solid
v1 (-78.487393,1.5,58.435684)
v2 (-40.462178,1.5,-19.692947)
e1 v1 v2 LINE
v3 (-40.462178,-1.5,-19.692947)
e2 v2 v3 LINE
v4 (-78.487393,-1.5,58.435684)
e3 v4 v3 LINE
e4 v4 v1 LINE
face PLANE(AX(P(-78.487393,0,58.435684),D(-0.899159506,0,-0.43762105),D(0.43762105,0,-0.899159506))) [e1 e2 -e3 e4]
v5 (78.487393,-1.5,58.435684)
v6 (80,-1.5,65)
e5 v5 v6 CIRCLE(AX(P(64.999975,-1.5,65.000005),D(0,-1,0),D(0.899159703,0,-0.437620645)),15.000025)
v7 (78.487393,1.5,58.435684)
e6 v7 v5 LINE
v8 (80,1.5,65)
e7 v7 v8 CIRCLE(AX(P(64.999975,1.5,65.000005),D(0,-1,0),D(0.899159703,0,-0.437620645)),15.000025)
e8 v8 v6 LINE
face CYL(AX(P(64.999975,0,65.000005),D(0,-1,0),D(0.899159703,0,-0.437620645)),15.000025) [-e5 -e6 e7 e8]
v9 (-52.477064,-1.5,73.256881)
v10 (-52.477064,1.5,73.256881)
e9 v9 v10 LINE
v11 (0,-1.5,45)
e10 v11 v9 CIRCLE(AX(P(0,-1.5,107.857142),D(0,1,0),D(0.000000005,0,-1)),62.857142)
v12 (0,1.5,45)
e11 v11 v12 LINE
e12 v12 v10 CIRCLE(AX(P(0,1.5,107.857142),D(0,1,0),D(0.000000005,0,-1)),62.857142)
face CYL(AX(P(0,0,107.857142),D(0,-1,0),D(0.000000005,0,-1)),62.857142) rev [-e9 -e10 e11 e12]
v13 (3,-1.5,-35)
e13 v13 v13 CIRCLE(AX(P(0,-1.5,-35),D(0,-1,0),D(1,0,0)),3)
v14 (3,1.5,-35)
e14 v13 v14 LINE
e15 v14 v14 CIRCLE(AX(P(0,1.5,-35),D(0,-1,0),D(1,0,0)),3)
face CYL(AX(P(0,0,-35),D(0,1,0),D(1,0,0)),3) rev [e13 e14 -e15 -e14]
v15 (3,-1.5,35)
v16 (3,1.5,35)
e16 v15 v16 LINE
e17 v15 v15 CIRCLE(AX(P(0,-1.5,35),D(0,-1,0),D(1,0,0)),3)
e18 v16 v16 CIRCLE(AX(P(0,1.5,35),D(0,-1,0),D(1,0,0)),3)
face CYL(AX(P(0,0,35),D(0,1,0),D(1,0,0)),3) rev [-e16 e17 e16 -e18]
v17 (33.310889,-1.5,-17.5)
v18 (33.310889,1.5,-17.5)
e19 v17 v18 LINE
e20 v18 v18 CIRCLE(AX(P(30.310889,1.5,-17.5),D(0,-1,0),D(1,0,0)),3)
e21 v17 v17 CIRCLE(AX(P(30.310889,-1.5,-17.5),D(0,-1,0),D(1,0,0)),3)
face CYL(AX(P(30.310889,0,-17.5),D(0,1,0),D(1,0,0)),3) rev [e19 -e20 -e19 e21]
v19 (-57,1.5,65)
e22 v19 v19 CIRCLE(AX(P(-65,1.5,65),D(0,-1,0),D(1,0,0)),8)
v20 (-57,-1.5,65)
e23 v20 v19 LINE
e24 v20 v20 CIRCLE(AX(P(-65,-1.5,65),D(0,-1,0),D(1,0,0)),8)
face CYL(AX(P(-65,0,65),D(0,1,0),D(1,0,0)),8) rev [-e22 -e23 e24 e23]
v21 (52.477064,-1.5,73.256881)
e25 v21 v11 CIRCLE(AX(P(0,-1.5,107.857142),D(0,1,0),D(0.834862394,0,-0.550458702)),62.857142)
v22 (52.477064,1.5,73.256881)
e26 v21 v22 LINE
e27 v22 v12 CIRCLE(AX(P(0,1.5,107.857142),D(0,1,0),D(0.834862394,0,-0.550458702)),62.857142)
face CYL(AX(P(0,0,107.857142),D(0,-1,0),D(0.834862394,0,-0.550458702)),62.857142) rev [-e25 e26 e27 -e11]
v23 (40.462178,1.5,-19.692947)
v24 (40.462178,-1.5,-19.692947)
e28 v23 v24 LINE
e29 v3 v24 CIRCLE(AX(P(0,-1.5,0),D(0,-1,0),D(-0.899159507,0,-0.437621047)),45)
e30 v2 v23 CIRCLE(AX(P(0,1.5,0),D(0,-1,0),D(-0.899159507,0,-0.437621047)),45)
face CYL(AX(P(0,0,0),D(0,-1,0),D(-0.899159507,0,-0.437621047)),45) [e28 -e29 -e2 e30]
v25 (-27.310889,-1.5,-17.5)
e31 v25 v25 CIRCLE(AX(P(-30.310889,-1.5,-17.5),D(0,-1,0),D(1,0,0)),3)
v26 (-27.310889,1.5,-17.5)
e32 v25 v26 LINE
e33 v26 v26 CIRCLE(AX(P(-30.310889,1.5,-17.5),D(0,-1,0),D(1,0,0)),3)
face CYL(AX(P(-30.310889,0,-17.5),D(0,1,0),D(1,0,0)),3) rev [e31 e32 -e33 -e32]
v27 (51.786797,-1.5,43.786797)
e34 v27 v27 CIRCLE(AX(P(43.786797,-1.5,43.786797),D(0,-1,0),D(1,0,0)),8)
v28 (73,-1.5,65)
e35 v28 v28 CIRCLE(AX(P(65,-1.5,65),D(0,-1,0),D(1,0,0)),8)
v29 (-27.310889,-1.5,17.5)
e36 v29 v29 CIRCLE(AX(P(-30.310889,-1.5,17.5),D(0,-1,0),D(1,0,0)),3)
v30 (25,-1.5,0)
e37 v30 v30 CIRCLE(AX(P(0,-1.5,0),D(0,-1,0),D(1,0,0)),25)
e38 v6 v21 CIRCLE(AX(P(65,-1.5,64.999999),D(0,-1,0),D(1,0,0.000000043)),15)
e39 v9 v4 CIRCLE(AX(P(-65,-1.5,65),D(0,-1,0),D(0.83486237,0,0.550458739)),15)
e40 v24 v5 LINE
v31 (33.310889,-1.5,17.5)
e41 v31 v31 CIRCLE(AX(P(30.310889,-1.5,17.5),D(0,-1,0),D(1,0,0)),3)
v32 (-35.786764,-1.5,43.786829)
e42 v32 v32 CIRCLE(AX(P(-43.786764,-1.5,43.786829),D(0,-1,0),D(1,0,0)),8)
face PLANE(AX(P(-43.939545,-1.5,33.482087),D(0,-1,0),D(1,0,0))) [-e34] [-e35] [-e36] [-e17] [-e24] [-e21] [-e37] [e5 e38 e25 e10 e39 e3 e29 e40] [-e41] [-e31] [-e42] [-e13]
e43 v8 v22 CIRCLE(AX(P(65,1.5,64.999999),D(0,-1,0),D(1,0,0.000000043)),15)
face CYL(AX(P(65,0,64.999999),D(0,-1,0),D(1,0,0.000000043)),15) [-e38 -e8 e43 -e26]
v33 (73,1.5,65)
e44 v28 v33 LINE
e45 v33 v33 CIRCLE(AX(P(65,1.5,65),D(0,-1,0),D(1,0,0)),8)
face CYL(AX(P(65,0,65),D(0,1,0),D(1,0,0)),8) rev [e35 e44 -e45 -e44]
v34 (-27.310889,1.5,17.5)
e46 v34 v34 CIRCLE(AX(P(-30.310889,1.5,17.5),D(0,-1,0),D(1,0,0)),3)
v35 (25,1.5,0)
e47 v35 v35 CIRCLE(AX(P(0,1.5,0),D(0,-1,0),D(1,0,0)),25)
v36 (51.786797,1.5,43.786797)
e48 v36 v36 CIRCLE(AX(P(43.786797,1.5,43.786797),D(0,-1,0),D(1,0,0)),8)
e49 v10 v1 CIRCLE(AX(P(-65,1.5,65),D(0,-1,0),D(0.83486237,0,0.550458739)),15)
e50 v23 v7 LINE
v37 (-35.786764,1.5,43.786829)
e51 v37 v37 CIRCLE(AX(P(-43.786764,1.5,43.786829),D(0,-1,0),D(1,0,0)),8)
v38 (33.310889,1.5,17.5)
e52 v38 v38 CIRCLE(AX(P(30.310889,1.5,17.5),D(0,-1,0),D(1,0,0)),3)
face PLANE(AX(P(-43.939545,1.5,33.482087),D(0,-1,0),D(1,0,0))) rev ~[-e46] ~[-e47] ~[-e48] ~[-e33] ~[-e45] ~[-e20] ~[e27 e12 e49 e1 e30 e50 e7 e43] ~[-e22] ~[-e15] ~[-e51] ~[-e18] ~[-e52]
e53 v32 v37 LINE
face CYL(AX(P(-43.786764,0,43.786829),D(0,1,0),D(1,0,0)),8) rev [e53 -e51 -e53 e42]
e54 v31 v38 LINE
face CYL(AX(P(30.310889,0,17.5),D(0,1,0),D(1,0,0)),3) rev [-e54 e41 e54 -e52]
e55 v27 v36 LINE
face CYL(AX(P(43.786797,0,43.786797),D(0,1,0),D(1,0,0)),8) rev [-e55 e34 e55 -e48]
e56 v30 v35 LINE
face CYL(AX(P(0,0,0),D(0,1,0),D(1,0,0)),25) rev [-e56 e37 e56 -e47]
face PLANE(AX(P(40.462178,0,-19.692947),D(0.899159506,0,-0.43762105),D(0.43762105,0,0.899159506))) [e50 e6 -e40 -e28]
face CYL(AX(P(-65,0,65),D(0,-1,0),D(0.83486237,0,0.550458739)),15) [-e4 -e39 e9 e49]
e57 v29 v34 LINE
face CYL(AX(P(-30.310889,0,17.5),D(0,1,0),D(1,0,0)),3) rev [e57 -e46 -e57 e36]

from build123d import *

# Parameters (mm, degrees)
F0_R     = 8
F0_R_2   = 3
F0_R_3   = 25
F1_DEPTH = 1.5


with BuildPart() as f1:
    # F0 (on Front) → F1 (new body, symmetric)
    with BuildSketch(Plane.XZ):
        with BuildLine():
            ThreePointArc((-40.462178, -19.692947), (-38.152212, 23.862286), (0, 45))
            ThreePointArc((0, 45), (-29.80056, 52.513245), (-52.477064, 73.256881))
            ThreePointArc((-52.477064, 73.256881), (-50.632606, 69.310218), (-50, 65))
            ThreePointArc((-50, 65), (-61.631832, 50.383043), (-78.487393, 58.435684))
            Line((-78.487393, 58.435684), (-40.462178, -19.692947))
        make_face()
        with Locations((-43.786764, 43.786829)):
            Circle(F0_R, mode=Mode.SUBTRACT)
        with BuildLine():
            ThreePointArc((-50, 65), (-50.632606, 69.310218), (-52.477064, 73.256881))
            ThreePointArc((-52.477064, 73.256881), (-72.426272, 78.03267), (-78.487393, 58.435684))
            ThreePointArc((-78.487393, 58.435684), (-61.631832, 50.383043), (-50, 65))
        make_face()
        with Locations((-65, 65)):
            Circle(F0_R, mode=Mode.SUBTRACT)
        with BuildLine():
            ThreePointArc((40.462178, -19.692947), (43.850872, -10.104504), (45, 0))
            ThreePointArc((45, 0), (31.819805, 31.819805), (0, 45))
            ThreePointArc((0, 45), (-38.152212, 23.862286), (-40.462178, -19.692947))
            ThreePointArc((-40.462178, -19.692947), (0, -45), (40.462178, -19.692947))
        make_face()
        with Locations((-30.310889, -17.5)):
            Circle(F0_R_2, mode=Mode.SUBTRACT)
        with Locations((0, -35)):
            Circle(F0_R_2, mode=Mode.SUBTRACT)
        with Locations((30.310889, -17.5)):
            Circle(F0_R_2, mode=Mode.SUBTRACT)
        Circle(F0_R_3, mode=Mode.SUBTRACT)
        with Locations((-30.310889, 17.5)):
            Circle(F0_R_2, mode=Mode.SUBTRACT)
        with Locations((30.310889, 17.5)):
            Circle(F0_R_2, mode=Mode.SUBTRACT)
        with Locations((0, 35)):
            Circle(F0_R_2, mode=Mode.SUBTRACT)
        with BuildLine():
            ThreePointArc((0, 45), (31.819805, 31.819805), (45, 0))
            ThreePointArc((45, 0), (43.850872, -10.104504), (40.462178, -19.692947))
            Line((40.462178, -19.692947), (78.487393, 58.435684))
            ThreePointArc((78.487393, 58.435684), (57.573728, 51.96733), (52.477064, 73.256881))
            ThreePointArc((52.477064, 73.256881), (29.80056, 52.513245), (0, 45))
        make_face()
        with Locations((43.786797, 43.786797)):
            Circle(F0_R, mode=Mode.SUBTRACT)
        with BuildLine():
            ThreePointArc((80, 65), (69.310218, 79.367394), (52.477064, 73.256881))
            ThreePointArc((52.477064, 73.256881), (57.573728, 51.96733), (78.487393, 58.435684))
            ThreePointArc((78.487393, 58.435684), (79.616957, 61.631832), (80, 65))
        make_face()
        with Locations((65, 65)):
            Circle(F0_R, mode=Mode.SUBTRACT)
    extrude(amount=F1_DEPTH, both=True)


solid = f1.part
